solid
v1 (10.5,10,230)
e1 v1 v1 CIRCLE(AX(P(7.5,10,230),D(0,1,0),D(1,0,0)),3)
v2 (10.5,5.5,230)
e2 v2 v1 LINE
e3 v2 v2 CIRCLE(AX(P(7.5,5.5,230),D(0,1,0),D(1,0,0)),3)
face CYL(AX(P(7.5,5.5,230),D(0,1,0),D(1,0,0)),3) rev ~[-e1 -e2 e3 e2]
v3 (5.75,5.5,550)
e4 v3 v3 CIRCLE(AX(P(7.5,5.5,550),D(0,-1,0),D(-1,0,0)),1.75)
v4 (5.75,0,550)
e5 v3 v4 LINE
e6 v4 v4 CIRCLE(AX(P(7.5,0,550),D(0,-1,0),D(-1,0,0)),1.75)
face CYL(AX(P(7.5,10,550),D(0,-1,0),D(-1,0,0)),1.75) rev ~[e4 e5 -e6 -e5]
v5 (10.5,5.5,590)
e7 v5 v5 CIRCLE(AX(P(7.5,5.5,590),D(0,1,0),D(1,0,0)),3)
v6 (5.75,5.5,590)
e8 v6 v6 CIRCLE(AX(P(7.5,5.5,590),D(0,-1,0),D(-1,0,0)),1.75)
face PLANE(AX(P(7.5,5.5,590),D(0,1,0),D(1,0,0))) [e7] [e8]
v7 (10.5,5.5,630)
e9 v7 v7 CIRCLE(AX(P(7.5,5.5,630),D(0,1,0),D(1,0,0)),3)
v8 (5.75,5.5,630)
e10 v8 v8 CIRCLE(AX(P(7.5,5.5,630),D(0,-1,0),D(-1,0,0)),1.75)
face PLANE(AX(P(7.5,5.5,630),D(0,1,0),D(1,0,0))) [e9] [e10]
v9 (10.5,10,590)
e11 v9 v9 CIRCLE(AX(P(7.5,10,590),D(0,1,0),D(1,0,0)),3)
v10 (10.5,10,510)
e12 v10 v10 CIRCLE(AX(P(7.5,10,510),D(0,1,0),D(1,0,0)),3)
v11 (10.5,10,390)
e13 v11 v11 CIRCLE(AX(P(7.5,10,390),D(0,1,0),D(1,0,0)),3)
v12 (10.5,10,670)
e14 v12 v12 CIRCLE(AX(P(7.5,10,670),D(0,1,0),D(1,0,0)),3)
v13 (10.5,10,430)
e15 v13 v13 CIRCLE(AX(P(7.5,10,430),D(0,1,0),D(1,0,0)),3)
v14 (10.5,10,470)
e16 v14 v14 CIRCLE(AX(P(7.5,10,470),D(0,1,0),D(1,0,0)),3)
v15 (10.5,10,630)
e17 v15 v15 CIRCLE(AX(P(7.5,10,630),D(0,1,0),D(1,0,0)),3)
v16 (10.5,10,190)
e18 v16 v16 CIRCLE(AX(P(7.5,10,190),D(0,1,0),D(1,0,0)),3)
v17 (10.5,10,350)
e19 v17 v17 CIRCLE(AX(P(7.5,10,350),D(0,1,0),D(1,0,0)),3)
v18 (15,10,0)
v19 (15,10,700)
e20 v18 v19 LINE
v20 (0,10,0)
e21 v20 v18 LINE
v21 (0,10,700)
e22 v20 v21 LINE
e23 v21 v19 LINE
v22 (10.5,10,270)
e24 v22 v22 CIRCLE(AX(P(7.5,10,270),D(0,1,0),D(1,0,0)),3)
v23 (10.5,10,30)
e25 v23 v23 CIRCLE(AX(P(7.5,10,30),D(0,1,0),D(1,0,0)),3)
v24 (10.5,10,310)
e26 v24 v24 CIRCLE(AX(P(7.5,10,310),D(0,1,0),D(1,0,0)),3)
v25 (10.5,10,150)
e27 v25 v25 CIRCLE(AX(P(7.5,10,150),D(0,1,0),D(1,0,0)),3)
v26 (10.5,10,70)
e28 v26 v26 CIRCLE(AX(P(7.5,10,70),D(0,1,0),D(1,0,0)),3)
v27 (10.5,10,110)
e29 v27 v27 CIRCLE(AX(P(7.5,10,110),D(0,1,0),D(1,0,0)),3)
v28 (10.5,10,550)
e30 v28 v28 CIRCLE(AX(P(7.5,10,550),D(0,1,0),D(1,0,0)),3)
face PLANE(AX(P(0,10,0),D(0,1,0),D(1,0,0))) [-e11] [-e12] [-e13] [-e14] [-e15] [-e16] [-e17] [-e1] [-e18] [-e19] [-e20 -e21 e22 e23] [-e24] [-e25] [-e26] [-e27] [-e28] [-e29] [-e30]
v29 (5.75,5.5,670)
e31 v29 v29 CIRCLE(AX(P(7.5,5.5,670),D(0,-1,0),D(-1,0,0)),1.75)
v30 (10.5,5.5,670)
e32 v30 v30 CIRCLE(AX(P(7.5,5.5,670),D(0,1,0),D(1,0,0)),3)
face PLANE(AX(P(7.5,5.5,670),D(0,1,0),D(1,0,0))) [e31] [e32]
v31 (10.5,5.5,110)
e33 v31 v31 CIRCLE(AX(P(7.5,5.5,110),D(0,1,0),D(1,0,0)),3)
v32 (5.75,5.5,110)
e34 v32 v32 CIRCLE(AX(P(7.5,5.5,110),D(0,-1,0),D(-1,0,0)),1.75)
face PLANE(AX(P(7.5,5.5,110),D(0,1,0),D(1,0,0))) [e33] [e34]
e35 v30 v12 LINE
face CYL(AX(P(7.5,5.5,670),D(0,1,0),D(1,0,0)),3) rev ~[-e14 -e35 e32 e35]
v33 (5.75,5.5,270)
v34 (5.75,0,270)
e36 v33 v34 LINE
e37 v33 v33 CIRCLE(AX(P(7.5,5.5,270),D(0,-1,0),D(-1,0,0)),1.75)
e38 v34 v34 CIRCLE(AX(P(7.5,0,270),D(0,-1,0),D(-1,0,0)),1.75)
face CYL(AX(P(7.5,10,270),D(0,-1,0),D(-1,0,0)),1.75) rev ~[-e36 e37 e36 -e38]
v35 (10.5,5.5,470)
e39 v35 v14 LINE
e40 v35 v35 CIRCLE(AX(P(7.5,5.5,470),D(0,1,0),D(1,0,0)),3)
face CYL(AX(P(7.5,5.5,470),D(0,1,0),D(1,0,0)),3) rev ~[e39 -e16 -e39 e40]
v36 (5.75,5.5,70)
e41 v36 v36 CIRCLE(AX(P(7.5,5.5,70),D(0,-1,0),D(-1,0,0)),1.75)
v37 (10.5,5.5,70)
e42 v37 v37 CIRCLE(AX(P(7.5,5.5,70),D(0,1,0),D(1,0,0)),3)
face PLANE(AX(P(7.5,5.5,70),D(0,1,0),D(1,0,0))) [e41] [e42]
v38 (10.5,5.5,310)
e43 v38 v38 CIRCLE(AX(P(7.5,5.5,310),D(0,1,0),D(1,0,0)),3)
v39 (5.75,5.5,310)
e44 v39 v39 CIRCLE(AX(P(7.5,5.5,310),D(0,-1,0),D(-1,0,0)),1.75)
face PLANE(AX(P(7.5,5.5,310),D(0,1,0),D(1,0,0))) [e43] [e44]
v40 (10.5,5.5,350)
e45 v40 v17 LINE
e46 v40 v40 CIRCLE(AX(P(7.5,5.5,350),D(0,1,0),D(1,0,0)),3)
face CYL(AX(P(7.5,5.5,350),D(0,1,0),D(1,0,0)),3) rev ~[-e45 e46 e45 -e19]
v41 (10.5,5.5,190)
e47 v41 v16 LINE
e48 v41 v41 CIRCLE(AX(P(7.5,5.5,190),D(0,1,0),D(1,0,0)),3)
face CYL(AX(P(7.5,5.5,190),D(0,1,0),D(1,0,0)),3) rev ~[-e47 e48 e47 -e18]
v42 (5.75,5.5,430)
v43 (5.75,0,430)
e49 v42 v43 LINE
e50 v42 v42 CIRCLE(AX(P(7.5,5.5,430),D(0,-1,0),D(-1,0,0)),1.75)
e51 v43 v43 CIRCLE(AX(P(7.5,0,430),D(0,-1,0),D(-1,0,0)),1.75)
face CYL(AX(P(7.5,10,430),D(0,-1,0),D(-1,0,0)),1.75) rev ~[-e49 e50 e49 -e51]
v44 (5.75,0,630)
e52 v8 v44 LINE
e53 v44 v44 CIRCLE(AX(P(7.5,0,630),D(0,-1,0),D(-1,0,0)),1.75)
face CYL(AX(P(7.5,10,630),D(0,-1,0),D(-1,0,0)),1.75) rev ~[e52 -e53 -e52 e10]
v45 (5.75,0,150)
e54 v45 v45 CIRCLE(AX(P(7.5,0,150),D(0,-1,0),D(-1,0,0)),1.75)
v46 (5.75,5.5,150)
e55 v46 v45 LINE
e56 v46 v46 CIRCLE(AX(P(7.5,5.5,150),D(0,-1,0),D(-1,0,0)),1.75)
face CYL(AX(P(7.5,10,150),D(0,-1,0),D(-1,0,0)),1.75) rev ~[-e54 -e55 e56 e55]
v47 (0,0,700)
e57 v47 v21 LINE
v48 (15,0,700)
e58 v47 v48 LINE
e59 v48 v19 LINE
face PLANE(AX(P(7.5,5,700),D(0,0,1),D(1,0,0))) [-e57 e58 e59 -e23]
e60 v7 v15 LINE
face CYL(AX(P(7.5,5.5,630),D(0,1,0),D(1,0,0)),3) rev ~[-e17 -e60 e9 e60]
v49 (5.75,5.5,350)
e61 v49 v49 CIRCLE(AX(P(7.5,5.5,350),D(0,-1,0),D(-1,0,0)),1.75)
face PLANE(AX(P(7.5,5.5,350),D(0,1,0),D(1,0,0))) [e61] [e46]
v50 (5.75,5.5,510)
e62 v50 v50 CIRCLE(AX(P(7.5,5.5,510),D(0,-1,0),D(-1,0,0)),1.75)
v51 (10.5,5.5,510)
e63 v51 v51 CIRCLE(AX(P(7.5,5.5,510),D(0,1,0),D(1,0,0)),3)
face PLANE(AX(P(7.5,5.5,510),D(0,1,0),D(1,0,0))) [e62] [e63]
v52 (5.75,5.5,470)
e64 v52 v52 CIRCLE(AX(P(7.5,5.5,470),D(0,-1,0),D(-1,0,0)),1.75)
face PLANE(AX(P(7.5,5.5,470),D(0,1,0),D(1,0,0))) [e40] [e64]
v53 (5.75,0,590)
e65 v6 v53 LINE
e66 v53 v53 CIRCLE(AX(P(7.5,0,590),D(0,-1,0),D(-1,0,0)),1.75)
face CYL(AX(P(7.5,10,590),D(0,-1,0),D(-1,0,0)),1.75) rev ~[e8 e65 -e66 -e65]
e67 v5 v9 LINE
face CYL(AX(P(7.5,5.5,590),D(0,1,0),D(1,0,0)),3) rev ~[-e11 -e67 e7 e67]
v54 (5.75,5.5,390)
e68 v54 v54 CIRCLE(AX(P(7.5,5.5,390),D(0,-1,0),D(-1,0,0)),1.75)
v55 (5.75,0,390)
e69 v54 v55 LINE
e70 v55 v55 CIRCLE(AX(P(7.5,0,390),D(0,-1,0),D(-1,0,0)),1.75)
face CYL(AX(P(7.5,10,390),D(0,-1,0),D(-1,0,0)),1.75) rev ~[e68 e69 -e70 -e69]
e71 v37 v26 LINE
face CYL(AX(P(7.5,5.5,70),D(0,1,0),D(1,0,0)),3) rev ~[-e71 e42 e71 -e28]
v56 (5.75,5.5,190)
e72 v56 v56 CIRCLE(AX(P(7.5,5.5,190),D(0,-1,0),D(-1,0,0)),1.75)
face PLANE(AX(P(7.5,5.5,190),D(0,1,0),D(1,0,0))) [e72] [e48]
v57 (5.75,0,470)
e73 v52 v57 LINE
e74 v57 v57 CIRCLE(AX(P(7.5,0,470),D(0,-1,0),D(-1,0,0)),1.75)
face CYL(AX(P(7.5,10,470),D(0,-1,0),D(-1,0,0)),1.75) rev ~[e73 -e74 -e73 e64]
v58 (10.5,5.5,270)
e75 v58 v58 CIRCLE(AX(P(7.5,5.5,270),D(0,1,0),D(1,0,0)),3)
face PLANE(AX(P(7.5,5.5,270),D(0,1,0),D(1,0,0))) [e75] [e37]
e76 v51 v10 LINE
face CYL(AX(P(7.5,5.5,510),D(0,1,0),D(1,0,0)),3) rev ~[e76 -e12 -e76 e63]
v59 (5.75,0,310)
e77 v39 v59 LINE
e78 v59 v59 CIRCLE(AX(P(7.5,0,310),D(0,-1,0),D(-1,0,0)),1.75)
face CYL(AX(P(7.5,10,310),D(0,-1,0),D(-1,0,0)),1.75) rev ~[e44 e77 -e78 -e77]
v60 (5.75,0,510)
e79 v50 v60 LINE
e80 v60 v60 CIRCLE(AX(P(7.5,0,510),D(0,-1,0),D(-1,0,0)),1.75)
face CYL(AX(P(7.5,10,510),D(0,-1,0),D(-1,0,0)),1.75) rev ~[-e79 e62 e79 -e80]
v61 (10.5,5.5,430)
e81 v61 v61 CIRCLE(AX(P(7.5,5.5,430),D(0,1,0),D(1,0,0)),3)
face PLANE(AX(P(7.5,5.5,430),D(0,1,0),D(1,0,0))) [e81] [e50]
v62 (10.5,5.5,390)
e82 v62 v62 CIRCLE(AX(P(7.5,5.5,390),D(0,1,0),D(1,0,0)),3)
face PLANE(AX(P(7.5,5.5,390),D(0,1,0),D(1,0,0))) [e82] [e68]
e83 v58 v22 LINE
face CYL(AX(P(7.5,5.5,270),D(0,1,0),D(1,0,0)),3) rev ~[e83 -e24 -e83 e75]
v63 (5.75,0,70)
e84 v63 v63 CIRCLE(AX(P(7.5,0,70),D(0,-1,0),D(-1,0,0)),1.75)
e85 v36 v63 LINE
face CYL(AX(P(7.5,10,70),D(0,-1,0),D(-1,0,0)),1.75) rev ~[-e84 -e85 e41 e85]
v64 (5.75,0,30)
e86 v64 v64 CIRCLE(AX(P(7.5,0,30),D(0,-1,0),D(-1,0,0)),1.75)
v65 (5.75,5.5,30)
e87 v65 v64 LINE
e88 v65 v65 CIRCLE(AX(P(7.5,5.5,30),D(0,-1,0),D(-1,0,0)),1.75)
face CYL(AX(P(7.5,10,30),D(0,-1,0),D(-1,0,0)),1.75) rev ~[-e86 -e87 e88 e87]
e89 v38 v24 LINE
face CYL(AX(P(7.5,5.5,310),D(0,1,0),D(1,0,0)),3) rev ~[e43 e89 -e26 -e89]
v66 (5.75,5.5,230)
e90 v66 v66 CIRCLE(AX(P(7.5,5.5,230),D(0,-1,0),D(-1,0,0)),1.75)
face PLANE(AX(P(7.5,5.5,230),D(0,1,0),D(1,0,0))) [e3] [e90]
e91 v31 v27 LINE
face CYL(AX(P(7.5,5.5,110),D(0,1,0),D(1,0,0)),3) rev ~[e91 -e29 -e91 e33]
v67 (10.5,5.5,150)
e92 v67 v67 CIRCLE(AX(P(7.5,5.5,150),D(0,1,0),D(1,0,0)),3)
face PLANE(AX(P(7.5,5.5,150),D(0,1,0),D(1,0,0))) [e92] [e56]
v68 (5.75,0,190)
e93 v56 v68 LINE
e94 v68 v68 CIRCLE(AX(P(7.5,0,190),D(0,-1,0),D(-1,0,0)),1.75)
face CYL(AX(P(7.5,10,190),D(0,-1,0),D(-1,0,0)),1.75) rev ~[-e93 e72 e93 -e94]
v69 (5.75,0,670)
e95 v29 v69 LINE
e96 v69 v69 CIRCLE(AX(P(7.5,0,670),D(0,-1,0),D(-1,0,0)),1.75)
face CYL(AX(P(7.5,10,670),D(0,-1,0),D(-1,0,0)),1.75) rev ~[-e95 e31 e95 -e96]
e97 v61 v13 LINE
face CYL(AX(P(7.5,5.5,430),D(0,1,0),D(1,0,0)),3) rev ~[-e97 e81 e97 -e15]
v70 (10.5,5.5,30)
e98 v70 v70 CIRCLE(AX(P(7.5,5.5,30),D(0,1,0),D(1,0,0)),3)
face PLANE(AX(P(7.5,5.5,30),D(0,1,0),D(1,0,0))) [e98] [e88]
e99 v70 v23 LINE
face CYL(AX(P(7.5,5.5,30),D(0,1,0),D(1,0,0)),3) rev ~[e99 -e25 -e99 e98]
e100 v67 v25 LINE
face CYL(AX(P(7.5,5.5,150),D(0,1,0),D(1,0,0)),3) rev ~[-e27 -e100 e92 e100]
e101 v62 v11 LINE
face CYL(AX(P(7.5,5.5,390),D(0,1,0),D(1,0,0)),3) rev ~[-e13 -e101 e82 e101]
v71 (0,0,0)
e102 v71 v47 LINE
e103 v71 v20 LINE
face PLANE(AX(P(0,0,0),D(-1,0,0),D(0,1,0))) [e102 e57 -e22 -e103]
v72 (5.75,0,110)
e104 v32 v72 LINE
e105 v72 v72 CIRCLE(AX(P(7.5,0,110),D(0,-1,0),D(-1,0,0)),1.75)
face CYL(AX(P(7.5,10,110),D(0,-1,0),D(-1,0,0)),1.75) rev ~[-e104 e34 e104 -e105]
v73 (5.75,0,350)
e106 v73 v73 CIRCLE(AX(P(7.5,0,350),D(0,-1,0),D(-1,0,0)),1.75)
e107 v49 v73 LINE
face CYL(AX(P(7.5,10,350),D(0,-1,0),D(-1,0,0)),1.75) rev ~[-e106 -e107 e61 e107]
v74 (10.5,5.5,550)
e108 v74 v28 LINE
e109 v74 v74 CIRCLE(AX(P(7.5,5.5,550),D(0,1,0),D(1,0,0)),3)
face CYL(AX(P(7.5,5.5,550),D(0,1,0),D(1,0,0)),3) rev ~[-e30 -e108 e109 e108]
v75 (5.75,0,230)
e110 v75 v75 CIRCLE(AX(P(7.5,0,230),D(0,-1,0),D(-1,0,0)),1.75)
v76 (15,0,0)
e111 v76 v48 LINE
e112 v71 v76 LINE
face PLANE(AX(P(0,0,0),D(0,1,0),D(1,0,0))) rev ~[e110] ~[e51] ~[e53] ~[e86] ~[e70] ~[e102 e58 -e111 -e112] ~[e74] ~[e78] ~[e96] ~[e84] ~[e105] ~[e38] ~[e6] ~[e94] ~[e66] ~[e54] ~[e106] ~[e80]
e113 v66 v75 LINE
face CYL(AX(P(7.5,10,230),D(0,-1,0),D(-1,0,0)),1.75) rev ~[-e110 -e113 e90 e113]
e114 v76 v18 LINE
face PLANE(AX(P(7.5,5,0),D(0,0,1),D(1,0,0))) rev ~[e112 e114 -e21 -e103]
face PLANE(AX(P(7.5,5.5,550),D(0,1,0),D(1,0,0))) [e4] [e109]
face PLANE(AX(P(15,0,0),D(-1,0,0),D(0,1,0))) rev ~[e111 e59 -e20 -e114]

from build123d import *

# Parameters (mm, degrees)
SKETCH1_W                      = 15
SKETCH1_H                      = 10
BOSS_EXTRUDE1_DEPTH            = 700
CBORE_FOR_M3_SHCS1_D           = 3.5
CBORE_FOR_M3_SHCS1_CBORE_D     = 6
CBORE_FOR_M3_SHCS1_CBORE_DEPTH = 4.5
LPATTERN1_COUNT                = 17
LPATTERN1_PITCH                = 40


with BuildPart() as part:
    # Sketch1 → Boss-Extrude1 (new body)
    with BuildSketch(Plane.XY):
        with Locations((7.5, 5)):
            Rectangle(SKETCH1_W, SKETCH1_H)
    extrude(amount=BOSS_EXTRUDE1_DEPTH)

    # CBORE for M3 SHCS1 (through all)
    with Locations(Plane(origin=(0, 10, 0), x_dir=(1, 0, 0), z_dir=(0, 1, 0))):
        with Locations((7.5, -670)):
            cbore_for_m3_shcs1 = CounterBoreHole(CBORE_FOR_M3_SHCS1_D / 2, CBORE_FOR_M3_SHCS1_CBORE_D / 2, CBORE_FOR_M3_SHCS1_CBORE_DEPTH)

    # LPattern1: CBORE for M3 SHCS1 ×17
    with Locations(*[(0, 0, -i * LPATTERN1_PITCH) for i in range(1, LPATTERN1_COUNT)]):
        add(cbore_for_m3_shcs1, mode=Mode.SUBTRACT)


solid = part.part
